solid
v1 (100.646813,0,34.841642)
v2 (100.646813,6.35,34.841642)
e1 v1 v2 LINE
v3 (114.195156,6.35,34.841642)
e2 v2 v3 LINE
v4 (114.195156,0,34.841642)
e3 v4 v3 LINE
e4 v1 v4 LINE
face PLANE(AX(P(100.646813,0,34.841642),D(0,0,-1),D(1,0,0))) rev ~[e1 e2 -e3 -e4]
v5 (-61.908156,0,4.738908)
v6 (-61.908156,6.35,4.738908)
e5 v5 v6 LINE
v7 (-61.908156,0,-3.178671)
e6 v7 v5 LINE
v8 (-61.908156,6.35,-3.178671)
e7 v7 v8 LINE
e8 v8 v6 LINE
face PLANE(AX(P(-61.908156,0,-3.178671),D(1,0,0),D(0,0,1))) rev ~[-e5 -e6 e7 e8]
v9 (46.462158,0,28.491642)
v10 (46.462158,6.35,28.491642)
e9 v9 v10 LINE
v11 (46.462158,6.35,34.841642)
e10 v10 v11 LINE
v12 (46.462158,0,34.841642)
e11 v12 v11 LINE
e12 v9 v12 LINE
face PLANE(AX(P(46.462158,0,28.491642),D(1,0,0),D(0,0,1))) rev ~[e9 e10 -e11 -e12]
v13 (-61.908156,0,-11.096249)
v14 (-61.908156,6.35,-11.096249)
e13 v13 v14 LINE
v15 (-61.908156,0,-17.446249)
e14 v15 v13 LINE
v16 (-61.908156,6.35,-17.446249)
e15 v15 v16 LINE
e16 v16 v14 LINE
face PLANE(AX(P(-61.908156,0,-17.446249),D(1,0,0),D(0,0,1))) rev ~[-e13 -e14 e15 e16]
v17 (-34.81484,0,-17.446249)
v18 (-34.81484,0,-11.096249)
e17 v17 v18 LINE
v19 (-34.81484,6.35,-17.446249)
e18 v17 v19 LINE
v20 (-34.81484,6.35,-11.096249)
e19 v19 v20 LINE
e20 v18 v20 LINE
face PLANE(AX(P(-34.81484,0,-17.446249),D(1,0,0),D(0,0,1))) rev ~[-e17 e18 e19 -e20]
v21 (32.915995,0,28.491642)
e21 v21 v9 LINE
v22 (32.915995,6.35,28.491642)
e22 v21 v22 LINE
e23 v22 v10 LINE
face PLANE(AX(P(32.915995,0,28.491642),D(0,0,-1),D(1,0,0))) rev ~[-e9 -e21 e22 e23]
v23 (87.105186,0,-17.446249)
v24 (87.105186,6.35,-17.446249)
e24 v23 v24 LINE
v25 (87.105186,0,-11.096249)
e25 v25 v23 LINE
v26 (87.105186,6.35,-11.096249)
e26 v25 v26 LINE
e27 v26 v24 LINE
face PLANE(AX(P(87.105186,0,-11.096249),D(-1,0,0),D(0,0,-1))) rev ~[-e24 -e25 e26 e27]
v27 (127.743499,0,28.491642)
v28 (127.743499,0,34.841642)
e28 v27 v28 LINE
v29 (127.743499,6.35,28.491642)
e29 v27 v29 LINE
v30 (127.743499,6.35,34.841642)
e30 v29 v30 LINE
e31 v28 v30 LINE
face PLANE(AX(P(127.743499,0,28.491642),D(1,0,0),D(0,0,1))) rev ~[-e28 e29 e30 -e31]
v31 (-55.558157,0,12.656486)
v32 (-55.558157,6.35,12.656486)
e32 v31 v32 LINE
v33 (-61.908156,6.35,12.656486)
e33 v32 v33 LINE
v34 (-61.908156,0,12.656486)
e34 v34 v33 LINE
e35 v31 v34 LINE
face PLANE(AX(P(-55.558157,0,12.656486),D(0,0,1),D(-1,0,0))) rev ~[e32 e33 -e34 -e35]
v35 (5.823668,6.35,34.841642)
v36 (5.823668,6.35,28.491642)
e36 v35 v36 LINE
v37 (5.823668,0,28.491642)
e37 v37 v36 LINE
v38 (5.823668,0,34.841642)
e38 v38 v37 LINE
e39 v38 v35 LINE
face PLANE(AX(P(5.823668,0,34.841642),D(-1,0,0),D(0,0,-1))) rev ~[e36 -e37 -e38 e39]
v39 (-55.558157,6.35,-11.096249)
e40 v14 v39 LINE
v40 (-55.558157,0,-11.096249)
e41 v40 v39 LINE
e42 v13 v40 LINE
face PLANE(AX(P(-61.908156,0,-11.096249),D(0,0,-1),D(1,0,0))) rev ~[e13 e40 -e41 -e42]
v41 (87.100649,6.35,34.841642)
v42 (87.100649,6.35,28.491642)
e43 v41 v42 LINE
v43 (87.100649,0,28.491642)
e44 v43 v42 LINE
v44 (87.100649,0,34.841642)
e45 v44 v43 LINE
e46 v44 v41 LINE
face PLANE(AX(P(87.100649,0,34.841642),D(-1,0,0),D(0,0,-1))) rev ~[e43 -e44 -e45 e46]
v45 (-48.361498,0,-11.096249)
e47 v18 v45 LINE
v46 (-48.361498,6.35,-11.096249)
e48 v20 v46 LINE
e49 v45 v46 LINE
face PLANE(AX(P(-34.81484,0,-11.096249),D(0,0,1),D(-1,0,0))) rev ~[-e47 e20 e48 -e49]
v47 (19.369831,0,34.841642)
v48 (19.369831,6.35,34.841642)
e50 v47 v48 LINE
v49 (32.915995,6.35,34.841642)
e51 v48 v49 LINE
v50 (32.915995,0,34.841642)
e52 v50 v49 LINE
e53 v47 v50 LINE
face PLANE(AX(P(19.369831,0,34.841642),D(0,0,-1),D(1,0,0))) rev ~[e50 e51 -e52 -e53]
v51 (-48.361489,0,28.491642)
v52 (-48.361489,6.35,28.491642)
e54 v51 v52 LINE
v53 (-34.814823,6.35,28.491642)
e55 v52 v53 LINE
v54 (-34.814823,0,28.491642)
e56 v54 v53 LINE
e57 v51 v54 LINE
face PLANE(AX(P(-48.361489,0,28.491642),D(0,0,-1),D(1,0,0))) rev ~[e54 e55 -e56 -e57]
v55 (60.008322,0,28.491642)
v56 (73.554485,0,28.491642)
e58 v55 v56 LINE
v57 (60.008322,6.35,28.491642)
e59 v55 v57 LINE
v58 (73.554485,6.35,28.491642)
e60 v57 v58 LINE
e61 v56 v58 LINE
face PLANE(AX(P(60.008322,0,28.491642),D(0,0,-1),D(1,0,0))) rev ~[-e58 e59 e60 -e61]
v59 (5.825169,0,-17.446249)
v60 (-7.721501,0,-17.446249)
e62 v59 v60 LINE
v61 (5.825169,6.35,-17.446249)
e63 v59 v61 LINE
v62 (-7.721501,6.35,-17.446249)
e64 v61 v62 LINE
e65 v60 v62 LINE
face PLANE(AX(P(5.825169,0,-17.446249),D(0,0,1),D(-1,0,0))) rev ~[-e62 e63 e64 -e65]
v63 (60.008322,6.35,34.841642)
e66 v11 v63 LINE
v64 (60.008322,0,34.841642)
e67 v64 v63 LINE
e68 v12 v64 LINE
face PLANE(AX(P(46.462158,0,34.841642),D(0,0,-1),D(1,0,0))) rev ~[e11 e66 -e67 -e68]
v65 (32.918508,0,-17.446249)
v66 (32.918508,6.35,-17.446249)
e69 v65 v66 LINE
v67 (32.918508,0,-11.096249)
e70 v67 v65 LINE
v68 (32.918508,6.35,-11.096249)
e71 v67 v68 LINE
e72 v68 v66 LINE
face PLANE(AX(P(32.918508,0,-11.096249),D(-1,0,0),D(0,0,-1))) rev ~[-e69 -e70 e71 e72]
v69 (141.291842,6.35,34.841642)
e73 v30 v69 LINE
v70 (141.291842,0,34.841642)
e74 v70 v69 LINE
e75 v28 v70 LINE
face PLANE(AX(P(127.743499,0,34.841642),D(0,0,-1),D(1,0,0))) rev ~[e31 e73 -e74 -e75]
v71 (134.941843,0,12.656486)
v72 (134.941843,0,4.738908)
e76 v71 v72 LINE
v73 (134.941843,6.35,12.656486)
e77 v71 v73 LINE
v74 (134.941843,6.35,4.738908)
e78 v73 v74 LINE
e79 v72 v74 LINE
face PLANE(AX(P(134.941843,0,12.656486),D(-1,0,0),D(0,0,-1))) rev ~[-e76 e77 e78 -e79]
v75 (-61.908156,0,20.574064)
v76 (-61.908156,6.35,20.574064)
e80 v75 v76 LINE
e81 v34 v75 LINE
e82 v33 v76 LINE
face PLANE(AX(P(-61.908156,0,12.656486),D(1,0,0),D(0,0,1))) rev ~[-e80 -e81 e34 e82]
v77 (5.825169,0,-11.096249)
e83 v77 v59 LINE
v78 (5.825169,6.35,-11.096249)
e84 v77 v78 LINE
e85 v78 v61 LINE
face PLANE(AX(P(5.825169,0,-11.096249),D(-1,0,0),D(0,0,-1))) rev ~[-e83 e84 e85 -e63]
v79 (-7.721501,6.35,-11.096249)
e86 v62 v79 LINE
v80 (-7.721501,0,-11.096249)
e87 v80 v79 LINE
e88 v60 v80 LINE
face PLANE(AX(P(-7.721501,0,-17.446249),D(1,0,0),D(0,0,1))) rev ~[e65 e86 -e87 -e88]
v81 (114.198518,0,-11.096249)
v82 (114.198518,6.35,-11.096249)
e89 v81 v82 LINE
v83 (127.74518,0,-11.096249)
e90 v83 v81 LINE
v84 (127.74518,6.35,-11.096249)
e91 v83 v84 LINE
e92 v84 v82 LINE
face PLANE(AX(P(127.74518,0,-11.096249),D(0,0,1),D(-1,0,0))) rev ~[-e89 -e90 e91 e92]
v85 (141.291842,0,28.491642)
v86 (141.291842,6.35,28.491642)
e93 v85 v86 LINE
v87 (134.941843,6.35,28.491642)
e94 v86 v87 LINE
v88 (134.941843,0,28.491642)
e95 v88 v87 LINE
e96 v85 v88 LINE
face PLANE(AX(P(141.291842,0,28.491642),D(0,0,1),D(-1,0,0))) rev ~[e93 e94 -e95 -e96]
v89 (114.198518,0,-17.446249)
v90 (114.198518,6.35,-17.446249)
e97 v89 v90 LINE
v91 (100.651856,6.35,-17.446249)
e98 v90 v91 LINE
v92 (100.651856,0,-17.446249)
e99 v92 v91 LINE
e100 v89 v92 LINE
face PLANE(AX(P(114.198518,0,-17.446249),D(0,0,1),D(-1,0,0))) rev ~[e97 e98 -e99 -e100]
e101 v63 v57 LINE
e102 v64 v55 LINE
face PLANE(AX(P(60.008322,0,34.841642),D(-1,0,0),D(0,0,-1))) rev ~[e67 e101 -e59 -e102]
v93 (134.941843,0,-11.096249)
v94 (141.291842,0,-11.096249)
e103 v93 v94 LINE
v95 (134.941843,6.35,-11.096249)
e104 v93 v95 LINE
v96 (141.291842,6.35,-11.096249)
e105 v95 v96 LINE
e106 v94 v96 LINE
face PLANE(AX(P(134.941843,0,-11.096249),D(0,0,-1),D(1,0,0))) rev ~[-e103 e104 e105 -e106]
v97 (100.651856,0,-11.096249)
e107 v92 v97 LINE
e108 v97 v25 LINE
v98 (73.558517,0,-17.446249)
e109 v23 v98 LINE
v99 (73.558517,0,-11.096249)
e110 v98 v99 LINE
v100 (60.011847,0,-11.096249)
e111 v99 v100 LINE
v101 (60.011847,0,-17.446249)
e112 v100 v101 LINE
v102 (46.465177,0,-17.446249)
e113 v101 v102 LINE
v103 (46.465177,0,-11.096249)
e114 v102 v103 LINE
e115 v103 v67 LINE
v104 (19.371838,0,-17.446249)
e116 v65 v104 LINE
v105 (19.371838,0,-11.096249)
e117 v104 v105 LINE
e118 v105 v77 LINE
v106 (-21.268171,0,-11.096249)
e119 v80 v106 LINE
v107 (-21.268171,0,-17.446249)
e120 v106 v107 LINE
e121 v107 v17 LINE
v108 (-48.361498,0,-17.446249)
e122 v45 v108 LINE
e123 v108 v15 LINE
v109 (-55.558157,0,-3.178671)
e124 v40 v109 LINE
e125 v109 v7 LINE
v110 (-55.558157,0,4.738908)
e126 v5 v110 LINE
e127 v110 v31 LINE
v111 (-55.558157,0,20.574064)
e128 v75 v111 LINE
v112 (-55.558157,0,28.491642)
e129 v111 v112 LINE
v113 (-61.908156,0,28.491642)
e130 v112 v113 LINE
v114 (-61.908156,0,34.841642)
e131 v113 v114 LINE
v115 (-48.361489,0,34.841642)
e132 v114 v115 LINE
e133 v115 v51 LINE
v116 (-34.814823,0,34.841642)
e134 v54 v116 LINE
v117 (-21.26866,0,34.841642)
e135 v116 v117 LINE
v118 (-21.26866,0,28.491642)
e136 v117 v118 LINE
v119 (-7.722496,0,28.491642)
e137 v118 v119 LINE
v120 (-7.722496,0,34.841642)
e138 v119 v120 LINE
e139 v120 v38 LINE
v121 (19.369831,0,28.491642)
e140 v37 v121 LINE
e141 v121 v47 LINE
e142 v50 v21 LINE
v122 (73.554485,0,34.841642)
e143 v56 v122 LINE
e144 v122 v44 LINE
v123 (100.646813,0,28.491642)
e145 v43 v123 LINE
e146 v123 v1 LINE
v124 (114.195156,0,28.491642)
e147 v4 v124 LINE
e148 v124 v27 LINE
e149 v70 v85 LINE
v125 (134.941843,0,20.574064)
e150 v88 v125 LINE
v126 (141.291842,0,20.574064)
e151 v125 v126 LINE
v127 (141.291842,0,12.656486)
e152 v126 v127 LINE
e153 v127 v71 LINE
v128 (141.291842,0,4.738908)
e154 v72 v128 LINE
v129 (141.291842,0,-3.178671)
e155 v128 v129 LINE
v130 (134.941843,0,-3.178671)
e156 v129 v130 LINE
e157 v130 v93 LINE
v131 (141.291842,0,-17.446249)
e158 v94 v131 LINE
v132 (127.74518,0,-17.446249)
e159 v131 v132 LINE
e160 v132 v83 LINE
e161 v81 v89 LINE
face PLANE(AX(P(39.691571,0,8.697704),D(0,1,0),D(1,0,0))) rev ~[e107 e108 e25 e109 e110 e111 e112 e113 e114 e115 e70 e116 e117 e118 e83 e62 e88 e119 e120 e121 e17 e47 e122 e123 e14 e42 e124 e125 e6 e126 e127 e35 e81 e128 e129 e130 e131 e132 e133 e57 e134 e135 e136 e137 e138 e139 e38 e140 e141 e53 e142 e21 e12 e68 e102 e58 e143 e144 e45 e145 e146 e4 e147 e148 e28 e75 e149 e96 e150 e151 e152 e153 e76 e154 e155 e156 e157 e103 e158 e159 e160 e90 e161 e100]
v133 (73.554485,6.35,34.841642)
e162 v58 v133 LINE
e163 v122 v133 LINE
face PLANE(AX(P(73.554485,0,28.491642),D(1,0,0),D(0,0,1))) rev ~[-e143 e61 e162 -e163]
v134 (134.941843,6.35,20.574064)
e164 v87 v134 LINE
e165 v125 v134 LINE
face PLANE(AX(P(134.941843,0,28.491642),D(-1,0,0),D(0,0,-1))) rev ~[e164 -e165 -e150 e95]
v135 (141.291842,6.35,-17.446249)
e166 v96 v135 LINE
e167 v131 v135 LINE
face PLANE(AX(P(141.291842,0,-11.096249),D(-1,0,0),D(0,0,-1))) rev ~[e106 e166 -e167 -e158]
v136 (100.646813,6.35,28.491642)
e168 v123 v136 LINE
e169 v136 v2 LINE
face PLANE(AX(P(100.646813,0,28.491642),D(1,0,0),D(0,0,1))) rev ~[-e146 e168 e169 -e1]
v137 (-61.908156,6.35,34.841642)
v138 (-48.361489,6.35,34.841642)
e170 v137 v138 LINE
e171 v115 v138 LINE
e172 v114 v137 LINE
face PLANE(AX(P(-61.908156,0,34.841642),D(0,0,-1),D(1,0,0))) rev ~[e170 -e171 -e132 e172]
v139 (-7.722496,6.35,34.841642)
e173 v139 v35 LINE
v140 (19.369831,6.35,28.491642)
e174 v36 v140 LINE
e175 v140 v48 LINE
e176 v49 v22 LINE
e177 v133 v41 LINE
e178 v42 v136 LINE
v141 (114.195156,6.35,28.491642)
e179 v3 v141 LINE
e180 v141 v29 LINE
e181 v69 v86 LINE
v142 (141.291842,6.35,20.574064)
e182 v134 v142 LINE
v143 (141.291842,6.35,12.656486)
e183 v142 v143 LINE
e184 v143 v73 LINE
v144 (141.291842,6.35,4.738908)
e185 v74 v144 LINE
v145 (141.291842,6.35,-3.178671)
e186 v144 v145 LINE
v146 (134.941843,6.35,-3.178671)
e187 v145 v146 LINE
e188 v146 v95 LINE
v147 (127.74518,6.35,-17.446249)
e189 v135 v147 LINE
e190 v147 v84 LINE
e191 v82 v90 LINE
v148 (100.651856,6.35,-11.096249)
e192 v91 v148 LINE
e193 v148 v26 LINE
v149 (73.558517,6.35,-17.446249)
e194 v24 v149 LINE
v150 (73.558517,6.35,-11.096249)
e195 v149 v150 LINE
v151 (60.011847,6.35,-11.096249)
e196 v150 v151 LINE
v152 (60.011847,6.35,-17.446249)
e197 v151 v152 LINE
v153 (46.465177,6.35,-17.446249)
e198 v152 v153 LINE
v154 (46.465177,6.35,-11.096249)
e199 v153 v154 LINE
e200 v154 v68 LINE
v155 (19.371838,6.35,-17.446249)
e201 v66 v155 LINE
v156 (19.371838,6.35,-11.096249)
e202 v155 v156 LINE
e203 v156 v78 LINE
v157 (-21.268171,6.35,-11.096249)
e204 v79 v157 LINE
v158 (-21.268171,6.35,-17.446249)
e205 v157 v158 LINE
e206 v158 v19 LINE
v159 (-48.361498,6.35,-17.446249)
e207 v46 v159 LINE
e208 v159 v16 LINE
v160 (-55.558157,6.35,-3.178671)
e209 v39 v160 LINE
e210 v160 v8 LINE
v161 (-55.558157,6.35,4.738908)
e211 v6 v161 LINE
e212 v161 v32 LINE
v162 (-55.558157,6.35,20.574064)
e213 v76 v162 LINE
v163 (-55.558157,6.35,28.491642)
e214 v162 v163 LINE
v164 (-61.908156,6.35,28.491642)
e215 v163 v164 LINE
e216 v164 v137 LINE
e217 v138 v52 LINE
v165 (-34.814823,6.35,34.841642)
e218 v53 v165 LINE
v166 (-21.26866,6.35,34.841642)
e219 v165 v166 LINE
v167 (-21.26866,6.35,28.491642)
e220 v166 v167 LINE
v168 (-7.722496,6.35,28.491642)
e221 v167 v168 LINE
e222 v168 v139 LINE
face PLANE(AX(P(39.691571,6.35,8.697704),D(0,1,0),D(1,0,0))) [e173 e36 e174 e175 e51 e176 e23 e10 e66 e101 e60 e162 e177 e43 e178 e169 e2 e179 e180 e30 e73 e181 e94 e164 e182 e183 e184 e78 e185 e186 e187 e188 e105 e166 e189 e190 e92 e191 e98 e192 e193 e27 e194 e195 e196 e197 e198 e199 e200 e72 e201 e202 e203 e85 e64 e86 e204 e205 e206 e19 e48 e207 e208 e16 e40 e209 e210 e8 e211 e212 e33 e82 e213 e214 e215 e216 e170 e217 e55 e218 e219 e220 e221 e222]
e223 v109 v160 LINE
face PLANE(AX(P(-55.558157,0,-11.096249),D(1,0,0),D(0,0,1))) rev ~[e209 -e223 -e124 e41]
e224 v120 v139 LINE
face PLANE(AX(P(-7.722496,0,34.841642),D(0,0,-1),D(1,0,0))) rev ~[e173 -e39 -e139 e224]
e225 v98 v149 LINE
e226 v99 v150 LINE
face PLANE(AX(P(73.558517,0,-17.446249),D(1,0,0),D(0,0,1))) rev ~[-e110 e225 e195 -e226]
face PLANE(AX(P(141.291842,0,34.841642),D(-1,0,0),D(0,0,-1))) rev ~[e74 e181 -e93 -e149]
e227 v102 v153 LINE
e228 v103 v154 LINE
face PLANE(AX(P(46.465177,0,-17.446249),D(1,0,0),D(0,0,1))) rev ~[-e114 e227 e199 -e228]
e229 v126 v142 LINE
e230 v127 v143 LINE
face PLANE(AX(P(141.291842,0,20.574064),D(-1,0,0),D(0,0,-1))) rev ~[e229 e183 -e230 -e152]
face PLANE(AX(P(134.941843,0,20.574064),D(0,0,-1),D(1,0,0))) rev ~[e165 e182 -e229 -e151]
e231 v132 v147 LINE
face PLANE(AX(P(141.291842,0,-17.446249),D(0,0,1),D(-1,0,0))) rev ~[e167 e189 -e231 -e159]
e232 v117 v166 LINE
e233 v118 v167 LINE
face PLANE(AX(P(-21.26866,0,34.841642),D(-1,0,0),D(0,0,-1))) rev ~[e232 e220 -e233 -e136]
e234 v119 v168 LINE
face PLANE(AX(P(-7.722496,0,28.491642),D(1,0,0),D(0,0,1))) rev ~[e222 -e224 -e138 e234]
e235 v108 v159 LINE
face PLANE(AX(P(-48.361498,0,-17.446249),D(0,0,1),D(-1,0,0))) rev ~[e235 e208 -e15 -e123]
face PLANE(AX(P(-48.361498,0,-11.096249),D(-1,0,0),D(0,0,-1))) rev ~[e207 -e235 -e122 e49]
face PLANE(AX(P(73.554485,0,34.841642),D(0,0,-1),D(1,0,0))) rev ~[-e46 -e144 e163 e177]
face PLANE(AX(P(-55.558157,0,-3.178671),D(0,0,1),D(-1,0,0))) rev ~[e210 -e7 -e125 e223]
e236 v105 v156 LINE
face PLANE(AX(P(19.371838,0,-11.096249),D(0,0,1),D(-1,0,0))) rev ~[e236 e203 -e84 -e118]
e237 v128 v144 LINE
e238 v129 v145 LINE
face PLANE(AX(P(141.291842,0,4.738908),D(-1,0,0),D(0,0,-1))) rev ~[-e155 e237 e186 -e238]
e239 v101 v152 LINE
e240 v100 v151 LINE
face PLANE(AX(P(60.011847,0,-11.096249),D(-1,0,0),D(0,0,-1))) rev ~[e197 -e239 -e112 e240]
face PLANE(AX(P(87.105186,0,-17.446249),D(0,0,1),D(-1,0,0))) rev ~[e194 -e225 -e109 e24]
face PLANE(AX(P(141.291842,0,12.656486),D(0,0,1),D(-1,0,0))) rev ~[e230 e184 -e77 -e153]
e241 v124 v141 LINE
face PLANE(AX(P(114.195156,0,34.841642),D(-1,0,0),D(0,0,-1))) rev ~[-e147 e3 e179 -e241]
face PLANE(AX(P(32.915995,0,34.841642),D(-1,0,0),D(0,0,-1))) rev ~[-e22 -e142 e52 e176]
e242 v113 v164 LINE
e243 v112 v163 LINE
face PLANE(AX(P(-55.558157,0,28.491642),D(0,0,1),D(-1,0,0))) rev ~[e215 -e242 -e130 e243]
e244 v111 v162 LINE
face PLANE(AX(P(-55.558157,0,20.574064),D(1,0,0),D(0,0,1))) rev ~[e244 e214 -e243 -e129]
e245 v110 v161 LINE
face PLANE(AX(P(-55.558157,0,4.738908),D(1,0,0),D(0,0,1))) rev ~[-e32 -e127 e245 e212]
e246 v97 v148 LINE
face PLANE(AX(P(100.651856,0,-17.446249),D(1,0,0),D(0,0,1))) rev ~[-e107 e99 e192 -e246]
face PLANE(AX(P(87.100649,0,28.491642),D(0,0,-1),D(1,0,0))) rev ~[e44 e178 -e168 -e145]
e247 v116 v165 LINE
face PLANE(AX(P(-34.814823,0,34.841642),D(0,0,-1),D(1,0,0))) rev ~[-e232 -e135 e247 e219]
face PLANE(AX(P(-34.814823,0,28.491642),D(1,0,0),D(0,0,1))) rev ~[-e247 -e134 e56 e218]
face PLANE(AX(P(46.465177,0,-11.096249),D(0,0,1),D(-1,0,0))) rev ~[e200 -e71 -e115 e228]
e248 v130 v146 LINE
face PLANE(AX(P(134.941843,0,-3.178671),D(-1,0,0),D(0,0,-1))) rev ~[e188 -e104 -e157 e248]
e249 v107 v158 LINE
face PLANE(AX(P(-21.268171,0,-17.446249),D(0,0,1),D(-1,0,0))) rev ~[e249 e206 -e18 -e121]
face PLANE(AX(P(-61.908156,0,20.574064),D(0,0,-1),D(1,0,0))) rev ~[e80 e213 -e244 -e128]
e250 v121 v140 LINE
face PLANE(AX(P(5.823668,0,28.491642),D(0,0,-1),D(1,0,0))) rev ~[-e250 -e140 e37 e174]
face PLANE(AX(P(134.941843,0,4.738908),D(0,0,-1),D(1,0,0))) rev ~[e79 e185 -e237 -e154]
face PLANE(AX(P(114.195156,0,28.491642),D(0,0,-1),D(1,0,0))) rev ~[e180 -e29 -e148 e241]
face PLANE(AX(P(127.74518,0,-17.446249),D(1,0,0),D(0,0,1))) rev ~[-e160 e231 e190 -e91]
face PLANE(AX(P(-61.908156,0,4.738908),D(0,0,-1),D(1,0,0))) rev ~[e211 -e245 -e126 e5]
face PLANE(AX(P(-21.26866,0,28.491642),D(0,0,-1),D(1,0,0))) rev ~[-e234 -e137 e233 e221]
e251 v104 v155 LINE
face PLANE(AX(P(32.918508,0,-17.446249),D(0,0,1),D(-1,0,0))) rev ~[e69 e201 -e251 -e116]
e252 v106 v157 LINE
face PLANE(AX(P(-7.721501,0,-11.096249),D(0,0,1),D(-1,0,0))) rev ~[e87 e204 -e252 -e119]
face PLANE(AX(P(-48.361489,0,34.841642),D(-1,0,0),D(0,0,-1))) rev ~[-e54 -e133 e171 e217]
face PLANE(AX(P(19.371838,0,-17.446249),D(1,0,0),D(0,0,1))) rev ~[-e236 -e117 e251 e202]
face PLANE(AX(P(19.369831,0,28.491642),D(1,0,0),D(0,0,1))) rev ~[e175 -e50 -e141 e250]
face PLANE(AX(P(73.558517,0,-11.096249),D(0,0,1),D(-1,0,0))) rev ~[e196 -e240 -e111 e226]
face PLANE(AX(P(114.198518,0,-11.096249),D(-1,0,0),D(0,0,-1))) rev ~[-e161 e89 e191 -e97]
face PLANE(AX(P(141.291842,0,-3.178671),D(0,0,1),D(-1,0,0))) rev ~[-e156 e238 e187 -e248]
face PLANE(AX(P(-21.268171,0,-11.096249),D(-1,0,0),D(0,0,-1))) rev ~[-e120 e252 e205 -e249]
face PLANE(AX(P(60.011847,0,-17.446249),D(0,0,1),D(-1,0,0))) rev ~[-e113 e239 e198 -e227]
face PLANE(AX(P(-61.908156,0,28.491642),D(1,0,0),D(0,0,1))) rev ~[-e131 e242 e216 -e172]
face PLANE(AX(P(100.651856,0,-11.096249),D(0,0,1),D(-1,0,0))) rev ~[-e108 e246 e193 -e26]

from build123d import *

# Parameters (mm, degrees)
BOSS_EXTRUDE1_DEPTH = 6.35


with BuildPart() as part:
    # Sketch1 → Boss-Extrude1 (new body)
    with BuildSketch(Plane(origin=(0, 0, 0), x_dir=(1, 0, 0), z_dir=(0, 1, 0))):
        Polygon((-61.90815559, -12.656485902), (-61.90815559, -20.574064123), (-55.558156531, -20.574064123), (-55.558156531, -28.491642345), (-61.90815559, -28.491642345), (-61.90815559, -34.841642345), (-48.361489394, -34.841642345), (-48.361489394, -28.491642345), (-34.814823197, -28.491642345), (-34.814823197, -34.841642345), (-21.268659618, -34.841642345), (-21.268659618, -28.491642345), (-7.722496038, -28.491642345), (-7.722496038, -34.841642345), (5.823667541, -34.841642345), (5.823667541, -28.491642345), (19.36983112, -28.491642345), (19.36983112, -34.841642345), (32.9159947, -34.841642345), (32.9159947, -28.491642345), (46.462158279, -28.491642345), (46.462158279, -34.841642345), (60.008321858, -34.841642345), (60.008321858, -28.491642345), (73.554485438, -28.491642345), (73.554485438, -34.841642345), (87.100649017, -34.841642345), (87.100649017, -28.491642345), (100.646812596, -28.491642345), (100.646812596, -34.841642345), (114.195155744, -34.841642345), (114.195155744, -28.491642345), (127.743498891, -28.491642345), (127.743498891, -34.841642345), (141.291842039, -34.841642345), (141.291842039, -28.491642345), (134.941843469, -28.491642345), (134.941843469, -20.574064123), (141.291842039, -20.574064123), (141.291842039, -12.656485902), (134.941843469, -12.656485902), (134.941843469, -4.738907681), (141.291842039, -4.738907681), (141.291842039, 3.17867054), (134.941843469, 3.17867054), (134.941843469, 11.096248761), (141.291842039, 11.096248761), (141.291842039, 17.446248761), (127.745179954, 17.446248761), (127.745179954, 11.096248761), (114.198517869, 11.096248761), (114.198517869, 17.446248761), (100.651855784, 17.446248761), (100.651855784, 11.096248761), (87.105186193, 11.096248761), (87.105186193, 17.446248761), (73.558516602, 17.446248761), (73.558516602, 11.096248761), (60.011847011, 11.096248761), (60.011847011, 17.446248761), (46.465177419, 17.446248761), (46.465177419, 11.096248761), (32.918507828, 11.096248761), (32.918507828, 17.446248761), (19.371838237, 17.446248761), (19.371838237, 11.096248761), (5.825168646, 11.096248761), (5.825168646, 17.446248761), (-7.721500945, 17.446248761), (-7.721500945, 11.096248761), (-21.268170536, 11.096248761), (-21.268170536, 17.446248761), (-34.814840128, 17.446248761), (-34.814840128, 11.096248761), (-48.361497859, 11.096248761), (-48.361497859, 17.446248761), (-61.90815559, 17.446248761), (-61.90815559, 11.096248761), (-55.558156531, 11.096248761), (-55.558156531, 3.17867054), (-61.90815559, 3.17867054), (-61.90815559, -4.738907681), (-55.558156531, -4.738907681), (-55.558156531, -12.656485902), align=None)
    extrude(amount=BOSS_EXTRUDE1_DEPTH)


solid = part.part
